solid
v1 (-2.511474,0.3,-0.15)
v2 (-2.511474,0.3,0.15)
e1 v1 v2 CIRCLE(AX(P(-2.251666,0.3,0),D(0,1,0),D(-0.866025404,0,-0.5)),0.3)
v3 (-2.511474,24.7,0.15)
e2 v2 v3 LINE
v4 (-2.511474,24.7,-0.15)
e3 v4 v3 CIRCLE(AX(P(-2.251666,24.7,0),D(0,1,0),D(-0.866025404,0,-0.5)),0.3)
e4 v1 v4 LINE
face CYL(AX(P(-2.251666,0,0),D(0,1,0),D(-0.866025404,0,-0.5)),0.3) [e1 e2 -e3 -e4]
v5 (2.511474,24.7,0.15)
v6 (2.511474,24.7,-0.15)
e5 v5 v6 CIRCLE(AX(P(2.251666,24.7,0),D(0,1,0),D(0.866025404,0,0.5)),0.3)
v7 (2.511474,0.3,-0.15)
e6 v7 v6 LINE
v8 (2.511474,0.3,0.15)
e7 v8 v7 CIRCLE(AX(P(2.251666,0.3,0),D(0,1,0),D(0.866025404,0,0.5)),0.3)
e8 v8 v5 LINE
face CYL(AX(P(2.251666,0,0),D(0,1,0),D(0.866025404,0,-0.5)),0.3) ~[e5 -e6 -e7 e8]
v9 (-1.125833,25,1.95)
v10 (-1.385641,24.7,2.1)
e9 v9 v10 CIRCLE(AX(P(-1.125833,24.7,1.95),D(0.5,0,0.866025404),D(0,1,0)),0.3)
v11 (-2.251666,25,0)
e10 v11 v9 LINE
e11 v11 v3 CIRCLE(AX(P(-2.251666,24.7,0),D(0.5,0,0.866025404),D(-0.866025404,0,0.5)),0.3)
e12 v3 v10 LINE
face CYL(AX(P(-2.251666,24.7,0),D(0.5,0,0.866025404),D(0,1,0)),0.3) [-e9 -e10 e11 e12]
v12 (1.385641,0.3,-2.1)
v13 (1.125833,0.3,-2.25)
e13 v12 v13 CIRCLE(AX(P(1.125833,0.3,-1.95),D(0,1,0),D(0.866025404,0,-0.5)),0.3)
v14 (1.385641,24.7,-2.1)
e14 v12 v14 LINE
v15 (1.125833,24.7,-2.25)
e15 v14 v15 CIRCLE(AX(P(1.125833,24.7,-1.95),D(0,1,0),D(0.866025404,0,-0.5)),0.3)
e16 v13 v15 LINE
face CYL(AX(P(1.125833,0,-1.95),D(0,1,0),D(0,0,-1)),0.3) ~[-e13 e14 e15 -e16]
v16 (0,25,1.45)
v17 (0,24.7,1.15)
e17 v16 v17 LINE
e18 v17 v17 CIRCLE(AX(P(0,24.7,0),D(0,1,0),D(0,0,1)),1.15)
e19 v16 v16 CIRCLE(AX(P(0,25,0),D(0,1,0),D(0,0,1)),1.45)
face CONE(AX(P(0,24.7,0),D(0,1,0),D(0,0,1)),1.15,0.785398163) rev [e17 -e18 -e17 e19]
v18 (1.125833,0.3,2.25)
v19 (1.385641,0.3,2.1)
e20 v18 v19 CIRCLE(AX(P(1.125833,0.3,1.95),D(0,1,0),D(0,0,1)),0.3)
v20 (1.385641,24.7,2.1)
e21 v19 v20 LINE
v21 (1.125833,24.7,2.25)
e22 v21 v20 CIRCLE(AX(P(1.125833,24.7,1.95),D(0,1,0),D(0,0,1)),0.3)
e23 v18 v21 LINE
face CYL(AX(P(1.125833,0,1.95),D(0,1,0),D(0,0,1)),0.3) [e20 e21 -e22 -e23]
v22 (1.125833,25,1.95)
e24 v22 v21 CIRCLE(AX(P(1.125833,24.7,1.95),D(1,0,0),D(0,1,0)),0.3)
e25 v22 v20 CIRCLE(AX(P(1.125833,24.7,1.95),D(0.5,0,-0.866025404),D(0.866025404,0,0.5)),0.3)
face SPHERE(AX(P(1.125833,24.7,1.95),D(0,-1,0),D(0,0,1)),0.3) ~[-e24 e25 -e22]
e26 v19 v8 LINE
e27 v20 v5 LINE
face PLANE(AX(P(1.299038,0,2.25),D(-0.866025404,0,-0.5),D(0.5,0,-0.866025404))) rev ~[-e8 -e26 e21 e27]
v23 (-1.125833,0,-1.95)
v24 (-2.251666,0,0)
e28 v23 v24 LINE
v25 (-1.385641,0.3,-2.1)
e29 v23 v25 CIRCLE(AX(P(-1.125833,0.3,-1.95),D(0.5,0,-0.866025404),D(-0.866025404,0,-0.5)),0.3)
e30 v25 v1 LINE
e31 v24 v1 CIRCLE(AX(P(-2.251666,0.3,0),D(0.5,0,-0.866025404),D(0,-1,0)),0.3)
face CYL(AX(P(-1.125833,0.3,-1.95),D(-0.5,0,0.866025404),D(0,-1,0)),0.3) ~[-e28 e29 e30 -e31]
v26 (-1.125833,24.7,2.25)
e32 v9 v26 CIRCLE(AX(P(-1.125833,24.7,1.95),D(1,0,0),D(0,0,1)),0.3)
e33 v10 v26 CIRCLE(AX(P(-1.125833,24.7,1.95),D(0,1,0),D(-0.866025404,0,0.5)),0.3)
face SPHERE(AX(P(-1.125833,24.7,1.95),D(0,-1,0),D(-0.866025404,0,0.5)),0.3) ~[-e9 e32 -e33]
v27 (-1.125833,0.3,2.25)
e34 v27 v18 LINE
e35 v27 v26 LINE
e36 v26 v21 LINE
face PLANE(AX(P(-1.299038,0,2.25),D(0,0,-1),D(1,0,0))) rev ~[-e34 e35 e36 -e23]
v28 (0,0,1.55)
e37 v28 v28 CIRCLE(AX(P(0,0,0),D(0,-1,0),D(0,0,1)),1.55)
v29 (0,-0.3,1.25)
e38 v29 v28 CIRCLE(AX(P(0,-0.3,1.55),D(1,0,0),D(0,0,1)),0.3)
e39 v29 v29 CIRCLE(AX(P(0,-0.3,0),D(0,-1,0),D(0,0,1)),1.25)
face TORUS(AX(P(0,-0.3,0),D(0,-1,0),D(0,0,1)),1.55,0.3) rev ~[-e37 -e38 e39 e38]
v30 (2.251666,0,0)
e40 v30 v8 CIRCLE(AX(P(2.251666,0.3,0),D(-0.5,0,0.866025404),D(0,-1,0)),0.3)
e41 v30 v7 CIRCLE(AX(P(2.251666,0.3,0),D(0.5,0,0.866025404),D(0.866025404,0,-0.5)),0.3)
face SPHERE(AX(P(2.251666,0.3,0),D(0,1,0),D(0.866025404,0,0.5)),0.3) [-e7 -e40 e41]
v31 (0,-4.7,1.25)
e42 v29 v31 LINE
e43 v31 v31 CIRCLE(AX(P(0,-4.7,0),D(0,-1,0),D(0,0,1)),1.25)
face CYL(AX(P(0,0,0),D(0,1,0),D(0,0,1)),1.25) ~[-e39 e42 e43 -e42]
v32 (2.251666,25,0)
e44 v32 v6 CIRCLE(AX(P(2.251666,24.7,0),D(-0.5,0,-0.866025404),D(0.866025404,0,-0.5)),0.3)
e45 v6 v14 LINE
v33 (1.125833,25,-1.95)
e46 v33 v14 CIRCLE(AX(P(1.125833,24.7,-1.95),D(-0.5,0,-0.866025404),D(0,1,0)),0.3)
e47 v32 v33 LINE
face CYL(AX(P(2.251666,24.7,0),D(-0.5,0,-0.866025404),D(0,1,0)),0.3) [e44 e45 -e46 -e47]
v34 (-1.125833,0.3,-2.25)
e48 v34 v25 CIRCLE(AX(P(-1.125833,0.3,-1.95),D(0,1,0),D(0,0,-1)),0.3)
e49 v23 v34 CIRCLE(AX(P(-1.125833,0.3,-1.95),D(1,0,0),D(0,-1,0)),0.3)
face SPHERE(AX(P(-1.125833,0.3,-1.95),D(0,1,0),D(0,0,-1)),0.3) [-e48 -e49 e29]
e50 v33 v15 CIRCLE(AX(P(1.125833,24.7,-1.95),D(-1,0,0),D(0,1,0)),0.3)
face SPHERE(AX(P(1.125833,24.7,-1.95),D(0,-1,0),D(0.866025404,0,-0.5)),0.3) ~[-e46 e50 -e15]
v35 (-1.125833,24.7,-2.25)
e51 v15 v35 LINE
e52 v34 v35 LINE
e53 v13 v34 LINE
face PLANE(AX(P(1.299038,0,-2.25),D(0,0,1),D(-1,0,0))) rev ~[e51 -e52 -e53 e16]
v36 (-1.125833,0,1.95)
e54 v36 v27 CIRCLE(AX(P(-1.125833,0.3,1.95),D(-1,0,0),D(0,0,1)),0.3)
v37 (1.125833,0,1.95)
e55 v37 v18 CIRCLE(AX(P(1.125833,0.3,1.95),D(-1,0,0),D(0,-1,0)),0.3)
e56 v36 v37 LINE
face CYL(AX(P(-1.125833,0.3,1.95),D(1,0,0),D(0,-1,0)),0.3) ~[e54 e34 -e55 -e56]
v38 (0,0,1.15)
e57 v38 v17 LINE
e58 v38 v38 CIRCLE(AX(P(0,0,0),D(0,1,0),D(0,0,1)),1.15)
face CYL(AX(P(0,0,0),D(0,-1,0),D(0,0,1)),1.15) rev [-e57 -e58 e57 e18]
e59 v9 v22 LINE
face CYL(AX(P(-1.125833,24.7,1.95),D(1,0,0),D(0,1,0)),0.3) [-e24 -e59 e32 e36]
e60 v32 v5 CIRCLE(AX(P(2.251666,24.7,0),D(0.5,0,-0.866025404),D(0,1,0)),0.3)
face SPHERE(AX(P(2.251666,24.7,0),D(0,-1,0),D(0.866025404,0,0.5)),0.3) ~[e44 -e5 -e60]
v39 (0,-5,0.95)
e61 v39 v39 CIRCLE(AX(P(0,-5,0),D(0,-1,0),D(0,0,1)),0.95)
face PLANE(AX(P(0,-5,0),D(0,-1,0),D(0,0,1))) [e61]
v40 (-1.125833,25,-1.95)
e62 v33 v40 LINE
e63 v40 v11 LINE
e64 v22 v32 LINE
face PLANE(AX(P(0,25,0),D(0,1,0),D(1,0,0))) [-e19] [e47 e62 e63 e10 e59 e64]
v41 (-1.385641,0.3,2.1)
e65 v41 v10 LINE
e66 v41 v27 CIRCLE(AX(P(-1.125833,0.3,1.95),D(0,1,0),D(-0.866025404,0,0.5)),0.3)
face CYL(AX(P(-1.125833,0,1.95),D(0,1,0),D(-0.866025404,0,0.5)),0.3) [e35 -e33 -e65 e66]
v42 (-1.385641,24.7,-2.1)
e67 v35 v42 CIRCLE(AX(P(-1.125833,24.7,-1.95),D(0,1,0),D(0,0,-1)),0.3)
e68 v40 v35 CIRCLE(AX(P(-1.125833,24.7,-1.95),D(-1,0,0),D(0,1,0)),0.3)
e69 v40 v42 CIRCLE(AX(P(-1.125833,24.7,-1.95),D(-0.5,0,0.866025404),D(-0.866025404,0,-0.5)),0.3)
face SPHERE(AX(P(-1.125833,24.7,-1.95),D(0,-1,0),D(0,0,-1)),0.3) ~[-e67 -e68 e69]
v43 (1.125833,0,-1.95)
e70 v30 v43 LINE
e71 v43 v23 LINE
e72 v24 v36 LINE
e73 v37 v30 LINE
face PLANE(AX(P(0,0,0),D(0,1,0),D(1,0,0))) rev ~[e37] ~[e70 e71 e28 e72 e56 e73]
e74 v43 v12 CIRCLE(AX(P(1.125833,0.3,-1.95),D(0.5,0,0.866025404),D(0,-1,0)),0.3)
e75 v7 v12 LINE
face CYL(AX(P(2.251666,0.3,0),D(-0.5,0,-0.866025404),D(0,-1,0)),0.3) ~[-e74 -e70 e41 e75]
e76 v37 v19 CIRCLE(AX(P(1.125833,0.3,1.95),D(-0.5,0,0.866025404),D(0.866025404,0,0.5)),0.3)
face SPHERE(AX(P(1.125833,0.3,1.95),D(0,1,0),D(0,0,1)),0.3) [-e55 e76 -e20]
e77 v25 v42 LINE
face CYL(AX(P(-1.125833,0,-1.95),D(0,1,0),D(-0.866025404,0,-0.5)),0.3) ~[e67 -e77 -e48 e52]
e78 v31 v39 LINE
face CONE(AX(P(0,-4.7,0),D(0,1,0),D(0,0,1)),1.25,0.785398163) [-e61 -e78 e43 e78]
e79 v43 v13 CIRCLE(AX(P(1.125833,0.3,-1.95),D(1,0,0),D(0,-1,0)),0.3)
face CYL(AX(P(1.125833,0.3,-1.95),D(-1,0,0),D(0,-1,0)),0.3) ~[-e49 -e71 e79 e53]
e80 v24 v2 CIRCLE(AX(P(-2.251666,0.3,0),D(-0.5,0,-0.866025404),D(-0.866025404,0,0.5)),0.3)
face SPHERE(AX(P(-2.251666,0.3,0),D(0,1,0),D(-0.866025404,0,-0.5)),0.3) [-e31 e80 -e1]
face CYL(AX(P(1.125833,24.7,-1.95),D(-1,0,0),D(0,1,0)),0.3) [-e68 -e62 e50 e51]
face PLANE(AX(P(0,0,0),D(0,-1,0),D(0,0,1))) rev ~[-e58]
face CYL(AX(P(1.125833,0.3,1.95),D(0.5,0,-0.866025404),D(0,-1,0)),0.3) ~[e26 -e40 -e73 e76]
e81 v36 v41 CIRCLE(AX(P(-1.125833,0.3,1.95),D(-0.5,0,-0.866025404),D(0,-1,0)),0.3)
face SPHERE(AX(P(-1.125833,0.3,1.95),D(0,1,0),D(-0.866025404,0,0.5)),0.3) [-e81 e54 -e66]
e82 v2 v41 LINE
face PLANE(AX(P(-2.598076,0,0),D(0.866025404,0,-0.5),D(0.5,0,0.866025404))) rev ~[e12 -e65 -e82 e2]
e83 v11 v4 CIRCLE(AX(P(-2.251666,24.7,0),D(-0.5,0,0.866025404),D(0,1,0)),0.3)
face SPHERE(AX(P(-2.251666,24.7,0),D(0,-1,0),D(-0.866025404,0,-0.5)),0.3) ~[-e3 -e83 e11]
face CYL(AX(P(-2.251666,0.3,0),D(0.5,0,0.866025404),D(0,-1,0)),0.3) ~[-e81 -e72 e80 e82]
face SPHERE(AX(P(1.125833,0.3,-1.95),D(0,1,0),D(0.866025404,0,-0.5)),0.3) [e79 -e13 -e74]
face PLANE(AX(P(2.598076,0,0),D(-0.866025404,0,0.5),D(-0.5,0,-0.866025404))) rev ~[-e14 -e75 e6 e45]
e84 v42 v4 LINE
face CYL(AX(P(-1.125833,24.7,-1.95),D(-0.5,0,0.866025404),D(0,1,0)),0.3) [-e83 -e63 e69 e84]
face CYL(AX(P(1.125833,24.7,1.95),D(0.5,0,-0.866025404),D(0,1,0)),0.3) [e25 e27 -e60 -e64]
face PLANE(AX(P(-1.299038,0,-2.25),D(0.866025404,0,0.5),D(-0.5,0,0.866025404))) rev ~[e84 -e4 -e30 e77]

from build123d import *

# Parameters (mm, degrees)
SKETCH1_R           = 1.15
BOSS_EXTRUDE1_DEPTH = 25
FILLET1_R           = 0.3
FILLET2_R           = 0.3
SKETCH2_R           = 1.25
BOSS_EXTRUDE2_DEPTH = 5
CHAMFER1_SIZE       = 0.3
FILLET3_R           = 0.3


with BuildPart() as part:
    # Sketch1 → Boss-Extrude1 (new body)
    with BuildSketch(Plane(origin=(0, 0, 0), x_dir=(1, 0, 0), z_dir=(0, 1, 0))):
        Polygon((-1.299038106, 2.25), (-2.598076211, 0), (-1.299038106, -2.25), (1.299038106, -2.25), (2.598076211, 0), (1.299038106, 2.25), align=None)
        with Locations(Location((0, 0, 0), (0, 0, 270))):
            Circle(SKETCH1_R, mode=Mode.SUBTRACT)
    extrude(amount=BOSS_EXTRUDE1_DEPTH)

    # Fillet1
    fillet1_edges = [part.edges().sort_by_distance(p)[0] for p in [
        (1.299038106, 12.5, -2.25),
        (2.598076211, 12.5, 0),
        (1.299038106, 12.5, 2.25),
        (-1.299038106, 12.5, 2.25),
        (-2.598076211, 12.5, 0),
        (-1.299038106, 12.5, -2.25),
    ]]
    fillet(fillet1_edges, radius=FILLET1_R)

    # Fillet2
    fillet2_edges = [part.edges().sort_by_distance(p)[0] for p in [
        (0, 0, -2.25),
        (0, 25, -2.25),
        (1.948557159, 0, -1.125),
        (1.948557159, 0, 1.125),
        (0, 0, 2.25),
        (-1.948557159, 0, 1.125),
        (-1.948557159, 0, -1.125),
        (1.275833025, 0, 2.209807621),
        (-1.275833025, 0, 2.209807621),
        (-2.55166605, 0, 0),
        (-1.275833025, 0, -2.209807621),
        (2.55166605, 0, 0),
        (1.275833025, 0, -2.209807621),
        (1.948557159, 25, -1.125),
        (-1.948557159, 25, -1.125),
        (-1.948557159, 25, 1.125),
        (0, 25, 2.25),
        (1.948557159, 25, 1.125),
        (1.275833025, 25, 2.209807621),
        (-1.275833025, 25, 2.209807621),
        (-2.55166605, 25, 0),
        (-1.275833025, 25, -2.209807621),
        (2.55166605, 25, 0),
        (1.275833025, 25, -2.209807621),
    ]]
    fillet(fillet2_edges, radius=FILLET2_R)

    # Sketch2 → Boss-Extrude2 (add)
    with BuildSketch(Plane.XZ):
        with Locations(Location((0, 0, 0), (0, 0, 90))):
            Circle(SKETCH2_R)
    extrude(amount=BOSS_EXTRUDE2_DEPTH)

    # Chamfer1
    chamfer1_edges = [part.edges().sort_by_distance(p)[0] for p in [
        (0, -5, -1.25),
        (0, 25, -1.15),
    ]]
    chamfer(chamfer1_edges, length=CHAMFER1_SIZE)

    # Fillet3
    fillet3_edges = [part.edges().sort_by_distance(p)[0] for p in [
        (0, 0, -1.25),
    ]]
    fillet(fillet3_edges, radius=FILLET3_R)


solid = part.part
